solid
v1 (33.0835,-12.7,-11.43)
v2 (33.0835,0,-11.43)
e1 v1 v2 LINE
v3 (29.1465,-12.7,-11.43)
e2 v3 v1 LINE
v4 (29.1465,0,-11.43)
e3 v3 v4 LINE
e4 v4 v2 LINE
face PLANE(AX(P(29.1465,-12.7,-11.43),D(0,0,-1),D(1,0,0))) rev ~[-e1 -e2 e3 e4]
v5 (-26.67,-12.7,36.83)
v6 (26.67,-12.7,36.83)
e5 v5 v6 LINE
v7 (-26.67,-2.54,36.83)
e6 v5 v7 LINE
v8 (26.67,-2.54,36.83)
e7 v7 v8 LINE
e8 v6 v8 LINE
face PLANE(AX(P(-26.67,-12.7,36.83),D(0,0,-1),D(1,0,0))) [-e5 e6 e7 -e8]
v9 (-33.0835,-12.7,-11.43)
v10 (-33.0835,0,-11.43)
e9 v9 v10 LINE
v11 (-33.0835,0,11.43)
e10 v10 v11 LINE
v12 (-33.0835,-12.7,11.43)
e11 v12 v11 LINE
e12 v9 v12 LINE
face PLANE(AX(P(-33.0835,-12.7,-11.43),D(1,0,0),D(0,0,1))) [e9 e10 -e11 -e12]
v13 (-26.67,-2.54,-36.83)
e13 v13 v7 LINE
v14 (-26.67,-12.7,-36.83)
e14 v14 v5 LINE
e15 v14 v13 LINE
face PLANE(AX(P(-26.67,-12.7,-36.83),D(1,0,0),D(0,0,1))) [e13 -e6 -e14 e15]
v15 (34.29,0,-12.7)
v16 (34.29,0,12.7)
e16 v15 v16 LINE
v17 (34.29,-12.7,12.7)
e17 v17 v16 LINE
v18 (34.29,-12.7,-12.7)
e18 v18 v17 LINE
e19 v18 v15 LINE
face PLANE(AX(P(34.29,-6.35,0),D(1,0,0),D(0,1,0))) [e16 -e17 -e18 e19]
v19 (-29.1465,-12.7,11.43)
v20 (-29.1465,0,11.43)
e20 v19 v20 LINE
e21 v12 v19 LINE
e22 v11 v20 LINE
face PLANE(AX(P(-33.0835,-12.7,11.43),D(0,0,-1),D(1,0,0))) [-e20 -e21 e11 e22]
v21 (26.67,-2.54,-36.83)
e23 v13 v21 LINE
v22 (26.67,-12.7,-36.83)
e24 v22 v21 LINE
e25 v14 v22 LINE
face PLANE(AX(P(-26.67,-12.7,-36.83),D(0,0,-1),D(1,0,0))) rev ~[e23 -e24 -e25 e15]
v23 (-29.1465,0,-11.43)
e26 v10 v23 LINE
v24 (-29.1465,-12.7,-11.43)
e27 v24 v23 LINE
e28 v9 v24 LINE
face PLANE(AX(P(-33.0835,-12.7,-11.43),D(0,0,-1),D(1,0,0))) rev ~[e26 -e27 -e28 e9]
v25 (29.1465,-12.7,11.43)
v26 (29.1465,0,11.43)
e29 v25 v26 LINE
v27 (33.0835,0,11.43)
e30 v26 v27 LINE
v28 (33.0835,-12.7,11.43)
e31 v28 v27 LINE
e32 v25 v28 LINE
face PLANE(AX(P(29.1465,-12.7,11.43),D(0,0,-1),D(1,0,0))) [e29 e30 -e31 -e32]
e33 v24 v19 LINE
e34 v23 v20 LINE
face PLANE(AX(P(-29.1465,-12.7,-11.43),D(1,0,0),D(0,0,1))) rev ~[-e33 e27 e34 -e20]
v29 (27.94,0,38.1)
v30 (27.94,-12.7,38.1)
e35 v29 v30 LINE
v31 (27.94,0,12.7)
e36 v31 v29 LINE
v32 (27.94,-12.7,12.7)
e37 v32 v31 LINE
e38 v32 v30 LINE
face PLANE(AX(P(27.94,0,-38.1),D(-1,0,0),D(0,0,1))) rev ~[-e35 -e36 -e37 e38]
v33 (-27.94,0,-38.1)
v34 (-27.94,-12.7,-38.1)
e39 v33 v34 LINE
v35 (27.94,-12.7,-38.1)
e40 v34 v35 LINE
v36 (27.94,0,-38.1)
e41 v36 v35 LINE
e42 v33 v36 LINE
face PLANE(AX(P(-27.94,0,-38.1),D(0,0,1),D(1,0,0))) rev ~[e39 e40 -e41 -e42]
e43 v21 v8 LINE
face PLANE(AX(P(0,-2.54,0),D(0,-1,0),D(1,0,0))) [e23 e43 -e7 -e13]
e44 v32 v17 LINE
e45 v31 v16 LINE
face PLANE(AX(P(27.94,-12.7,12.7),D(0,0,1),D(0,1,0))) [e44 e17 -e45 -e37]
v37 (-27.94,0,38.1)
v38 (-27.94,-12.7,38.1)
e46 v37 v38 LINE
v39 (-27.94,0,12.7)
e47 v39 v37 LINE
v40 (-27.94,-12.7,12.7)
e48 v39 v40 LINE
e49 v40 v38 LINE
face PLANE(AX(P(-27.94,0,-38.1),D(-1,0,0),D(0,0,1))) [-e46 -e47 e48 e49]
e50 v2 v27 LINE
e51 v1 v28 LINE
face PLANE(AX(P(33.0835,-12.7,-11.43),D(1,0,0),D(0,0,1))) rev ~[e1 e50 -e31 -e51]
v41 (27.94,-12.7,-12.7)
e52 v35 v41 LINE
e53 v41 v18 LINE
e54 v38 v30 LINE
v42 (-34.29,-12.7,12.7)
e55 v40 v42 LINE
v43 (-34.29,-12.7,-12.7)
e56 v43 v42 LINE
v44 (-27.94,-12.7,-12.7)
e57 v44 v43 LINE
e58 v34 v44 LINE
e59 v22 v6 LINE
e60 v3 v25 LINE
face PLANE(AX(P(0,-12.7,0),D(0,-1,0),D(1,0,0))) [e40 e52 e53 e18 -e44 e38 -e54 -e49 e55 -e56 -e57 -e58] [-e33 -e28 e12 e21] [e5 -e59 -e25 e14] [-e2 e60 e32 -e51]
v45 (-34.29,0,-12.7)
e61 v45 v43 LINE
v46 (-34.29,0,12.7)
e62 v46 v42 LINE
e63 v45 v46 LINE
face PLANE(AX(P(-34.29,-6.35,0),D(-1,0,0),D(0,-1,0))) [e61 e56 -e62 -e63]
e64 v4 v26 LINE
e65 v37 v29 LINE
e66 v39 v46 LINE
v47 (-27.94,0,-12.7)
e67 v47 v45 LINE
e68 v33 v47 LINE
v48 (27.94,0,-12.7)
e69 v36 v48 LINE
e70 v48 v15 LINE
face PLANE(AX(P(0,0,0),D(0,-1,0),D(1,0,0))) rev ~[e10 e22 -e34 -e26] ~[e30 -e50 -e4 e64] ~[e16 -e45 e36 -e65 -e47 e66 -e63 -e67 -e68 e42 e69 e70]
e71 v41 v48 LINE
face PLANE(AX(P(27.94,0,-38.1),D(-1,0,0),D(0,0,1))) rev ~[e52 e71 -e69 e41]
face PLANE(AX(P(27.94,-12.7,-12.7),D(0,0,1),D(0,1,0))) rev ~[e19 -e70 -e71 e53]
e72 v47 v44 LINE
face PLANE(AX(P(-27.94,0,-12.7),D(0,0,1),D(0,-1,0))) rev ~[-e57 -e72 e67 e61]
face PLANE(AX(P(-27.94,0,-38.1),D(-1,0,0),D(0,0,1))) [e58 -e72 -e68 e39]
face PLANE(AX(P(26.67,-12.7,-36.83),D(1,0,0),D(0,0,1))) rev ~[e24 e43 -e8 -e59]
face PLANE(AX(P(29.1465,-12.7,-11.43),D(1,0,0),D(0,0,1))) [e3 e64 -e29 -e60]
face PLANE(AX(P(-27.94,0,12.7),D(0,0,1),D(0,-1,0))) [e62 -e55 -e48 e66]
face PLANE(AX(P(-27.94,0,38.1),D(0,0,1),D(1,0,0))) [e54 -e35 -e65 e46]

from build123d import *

# Parameters (mm, degrees)
F0_W     = 55.88
F0_H     = 76.2
F1_DEPTH = 12.7
F2_W     = 53.34
F2_H     = 73.66
F3_DEPTH = 10.16
F4_W     = 12.7
F4_H     = 25.4
F5_DEPTH = 6.35
F6_W     = 12.7
F6_H     = 25.4
F7_DEPTH = 6.35
F8_W     = 3.937
F8_H     = 22.86
F9_DEPTH = 25.4


with BuildPart() as f1:
    # F0 (on Front) → F1 (new body)
    with BuildSketch(Plane.XZ):
        Rectangle(F0_W, F0_H)
    extrude(amount=F1_DEPTH)

    # F2 (on face) → F3 (cut)
    with BuildSketch(Plane.XZ.offset(12.7)):
        Rectangle(F2_W, F2_H)
    extrude(amount=-F3_DEPTH, mode=Mode.SUBTRACT)

    # F4 (on face) → F5 (join)
    with BuildSketch(Plane.YZ.offset(27.94)):
        with Locations((-6.35, 0)):
            Rectangle(F4_W, F4_H)
    extrude(amount=F5_DEPTH)

    # F6 (on face) → F7 (join)
    with BuildSketch(Plane(origin=(-27.94, 0, 0), x_dir=(0, -1, 0), z_dir=(-1, 0, 0))):
        with Locations((6.35, 0)):
            Rectangle(F6_W, F6_H)
    extrude(amount=F7_DEPTH)

    # F8 (on face) → F9 (cut)
    with BuildSketch(Plane.XZ.offset(12.7)):
        with Locations((-31.115, 0)):
            Rectangle(F8_W, F8_H)
        with Locations((31.115, 0)):
            Rectangle(F8_W, F8_H)
    extrude(amount=-F9_DEPTH, mode=Mode.SUBTRACT)


solid = f1.part
